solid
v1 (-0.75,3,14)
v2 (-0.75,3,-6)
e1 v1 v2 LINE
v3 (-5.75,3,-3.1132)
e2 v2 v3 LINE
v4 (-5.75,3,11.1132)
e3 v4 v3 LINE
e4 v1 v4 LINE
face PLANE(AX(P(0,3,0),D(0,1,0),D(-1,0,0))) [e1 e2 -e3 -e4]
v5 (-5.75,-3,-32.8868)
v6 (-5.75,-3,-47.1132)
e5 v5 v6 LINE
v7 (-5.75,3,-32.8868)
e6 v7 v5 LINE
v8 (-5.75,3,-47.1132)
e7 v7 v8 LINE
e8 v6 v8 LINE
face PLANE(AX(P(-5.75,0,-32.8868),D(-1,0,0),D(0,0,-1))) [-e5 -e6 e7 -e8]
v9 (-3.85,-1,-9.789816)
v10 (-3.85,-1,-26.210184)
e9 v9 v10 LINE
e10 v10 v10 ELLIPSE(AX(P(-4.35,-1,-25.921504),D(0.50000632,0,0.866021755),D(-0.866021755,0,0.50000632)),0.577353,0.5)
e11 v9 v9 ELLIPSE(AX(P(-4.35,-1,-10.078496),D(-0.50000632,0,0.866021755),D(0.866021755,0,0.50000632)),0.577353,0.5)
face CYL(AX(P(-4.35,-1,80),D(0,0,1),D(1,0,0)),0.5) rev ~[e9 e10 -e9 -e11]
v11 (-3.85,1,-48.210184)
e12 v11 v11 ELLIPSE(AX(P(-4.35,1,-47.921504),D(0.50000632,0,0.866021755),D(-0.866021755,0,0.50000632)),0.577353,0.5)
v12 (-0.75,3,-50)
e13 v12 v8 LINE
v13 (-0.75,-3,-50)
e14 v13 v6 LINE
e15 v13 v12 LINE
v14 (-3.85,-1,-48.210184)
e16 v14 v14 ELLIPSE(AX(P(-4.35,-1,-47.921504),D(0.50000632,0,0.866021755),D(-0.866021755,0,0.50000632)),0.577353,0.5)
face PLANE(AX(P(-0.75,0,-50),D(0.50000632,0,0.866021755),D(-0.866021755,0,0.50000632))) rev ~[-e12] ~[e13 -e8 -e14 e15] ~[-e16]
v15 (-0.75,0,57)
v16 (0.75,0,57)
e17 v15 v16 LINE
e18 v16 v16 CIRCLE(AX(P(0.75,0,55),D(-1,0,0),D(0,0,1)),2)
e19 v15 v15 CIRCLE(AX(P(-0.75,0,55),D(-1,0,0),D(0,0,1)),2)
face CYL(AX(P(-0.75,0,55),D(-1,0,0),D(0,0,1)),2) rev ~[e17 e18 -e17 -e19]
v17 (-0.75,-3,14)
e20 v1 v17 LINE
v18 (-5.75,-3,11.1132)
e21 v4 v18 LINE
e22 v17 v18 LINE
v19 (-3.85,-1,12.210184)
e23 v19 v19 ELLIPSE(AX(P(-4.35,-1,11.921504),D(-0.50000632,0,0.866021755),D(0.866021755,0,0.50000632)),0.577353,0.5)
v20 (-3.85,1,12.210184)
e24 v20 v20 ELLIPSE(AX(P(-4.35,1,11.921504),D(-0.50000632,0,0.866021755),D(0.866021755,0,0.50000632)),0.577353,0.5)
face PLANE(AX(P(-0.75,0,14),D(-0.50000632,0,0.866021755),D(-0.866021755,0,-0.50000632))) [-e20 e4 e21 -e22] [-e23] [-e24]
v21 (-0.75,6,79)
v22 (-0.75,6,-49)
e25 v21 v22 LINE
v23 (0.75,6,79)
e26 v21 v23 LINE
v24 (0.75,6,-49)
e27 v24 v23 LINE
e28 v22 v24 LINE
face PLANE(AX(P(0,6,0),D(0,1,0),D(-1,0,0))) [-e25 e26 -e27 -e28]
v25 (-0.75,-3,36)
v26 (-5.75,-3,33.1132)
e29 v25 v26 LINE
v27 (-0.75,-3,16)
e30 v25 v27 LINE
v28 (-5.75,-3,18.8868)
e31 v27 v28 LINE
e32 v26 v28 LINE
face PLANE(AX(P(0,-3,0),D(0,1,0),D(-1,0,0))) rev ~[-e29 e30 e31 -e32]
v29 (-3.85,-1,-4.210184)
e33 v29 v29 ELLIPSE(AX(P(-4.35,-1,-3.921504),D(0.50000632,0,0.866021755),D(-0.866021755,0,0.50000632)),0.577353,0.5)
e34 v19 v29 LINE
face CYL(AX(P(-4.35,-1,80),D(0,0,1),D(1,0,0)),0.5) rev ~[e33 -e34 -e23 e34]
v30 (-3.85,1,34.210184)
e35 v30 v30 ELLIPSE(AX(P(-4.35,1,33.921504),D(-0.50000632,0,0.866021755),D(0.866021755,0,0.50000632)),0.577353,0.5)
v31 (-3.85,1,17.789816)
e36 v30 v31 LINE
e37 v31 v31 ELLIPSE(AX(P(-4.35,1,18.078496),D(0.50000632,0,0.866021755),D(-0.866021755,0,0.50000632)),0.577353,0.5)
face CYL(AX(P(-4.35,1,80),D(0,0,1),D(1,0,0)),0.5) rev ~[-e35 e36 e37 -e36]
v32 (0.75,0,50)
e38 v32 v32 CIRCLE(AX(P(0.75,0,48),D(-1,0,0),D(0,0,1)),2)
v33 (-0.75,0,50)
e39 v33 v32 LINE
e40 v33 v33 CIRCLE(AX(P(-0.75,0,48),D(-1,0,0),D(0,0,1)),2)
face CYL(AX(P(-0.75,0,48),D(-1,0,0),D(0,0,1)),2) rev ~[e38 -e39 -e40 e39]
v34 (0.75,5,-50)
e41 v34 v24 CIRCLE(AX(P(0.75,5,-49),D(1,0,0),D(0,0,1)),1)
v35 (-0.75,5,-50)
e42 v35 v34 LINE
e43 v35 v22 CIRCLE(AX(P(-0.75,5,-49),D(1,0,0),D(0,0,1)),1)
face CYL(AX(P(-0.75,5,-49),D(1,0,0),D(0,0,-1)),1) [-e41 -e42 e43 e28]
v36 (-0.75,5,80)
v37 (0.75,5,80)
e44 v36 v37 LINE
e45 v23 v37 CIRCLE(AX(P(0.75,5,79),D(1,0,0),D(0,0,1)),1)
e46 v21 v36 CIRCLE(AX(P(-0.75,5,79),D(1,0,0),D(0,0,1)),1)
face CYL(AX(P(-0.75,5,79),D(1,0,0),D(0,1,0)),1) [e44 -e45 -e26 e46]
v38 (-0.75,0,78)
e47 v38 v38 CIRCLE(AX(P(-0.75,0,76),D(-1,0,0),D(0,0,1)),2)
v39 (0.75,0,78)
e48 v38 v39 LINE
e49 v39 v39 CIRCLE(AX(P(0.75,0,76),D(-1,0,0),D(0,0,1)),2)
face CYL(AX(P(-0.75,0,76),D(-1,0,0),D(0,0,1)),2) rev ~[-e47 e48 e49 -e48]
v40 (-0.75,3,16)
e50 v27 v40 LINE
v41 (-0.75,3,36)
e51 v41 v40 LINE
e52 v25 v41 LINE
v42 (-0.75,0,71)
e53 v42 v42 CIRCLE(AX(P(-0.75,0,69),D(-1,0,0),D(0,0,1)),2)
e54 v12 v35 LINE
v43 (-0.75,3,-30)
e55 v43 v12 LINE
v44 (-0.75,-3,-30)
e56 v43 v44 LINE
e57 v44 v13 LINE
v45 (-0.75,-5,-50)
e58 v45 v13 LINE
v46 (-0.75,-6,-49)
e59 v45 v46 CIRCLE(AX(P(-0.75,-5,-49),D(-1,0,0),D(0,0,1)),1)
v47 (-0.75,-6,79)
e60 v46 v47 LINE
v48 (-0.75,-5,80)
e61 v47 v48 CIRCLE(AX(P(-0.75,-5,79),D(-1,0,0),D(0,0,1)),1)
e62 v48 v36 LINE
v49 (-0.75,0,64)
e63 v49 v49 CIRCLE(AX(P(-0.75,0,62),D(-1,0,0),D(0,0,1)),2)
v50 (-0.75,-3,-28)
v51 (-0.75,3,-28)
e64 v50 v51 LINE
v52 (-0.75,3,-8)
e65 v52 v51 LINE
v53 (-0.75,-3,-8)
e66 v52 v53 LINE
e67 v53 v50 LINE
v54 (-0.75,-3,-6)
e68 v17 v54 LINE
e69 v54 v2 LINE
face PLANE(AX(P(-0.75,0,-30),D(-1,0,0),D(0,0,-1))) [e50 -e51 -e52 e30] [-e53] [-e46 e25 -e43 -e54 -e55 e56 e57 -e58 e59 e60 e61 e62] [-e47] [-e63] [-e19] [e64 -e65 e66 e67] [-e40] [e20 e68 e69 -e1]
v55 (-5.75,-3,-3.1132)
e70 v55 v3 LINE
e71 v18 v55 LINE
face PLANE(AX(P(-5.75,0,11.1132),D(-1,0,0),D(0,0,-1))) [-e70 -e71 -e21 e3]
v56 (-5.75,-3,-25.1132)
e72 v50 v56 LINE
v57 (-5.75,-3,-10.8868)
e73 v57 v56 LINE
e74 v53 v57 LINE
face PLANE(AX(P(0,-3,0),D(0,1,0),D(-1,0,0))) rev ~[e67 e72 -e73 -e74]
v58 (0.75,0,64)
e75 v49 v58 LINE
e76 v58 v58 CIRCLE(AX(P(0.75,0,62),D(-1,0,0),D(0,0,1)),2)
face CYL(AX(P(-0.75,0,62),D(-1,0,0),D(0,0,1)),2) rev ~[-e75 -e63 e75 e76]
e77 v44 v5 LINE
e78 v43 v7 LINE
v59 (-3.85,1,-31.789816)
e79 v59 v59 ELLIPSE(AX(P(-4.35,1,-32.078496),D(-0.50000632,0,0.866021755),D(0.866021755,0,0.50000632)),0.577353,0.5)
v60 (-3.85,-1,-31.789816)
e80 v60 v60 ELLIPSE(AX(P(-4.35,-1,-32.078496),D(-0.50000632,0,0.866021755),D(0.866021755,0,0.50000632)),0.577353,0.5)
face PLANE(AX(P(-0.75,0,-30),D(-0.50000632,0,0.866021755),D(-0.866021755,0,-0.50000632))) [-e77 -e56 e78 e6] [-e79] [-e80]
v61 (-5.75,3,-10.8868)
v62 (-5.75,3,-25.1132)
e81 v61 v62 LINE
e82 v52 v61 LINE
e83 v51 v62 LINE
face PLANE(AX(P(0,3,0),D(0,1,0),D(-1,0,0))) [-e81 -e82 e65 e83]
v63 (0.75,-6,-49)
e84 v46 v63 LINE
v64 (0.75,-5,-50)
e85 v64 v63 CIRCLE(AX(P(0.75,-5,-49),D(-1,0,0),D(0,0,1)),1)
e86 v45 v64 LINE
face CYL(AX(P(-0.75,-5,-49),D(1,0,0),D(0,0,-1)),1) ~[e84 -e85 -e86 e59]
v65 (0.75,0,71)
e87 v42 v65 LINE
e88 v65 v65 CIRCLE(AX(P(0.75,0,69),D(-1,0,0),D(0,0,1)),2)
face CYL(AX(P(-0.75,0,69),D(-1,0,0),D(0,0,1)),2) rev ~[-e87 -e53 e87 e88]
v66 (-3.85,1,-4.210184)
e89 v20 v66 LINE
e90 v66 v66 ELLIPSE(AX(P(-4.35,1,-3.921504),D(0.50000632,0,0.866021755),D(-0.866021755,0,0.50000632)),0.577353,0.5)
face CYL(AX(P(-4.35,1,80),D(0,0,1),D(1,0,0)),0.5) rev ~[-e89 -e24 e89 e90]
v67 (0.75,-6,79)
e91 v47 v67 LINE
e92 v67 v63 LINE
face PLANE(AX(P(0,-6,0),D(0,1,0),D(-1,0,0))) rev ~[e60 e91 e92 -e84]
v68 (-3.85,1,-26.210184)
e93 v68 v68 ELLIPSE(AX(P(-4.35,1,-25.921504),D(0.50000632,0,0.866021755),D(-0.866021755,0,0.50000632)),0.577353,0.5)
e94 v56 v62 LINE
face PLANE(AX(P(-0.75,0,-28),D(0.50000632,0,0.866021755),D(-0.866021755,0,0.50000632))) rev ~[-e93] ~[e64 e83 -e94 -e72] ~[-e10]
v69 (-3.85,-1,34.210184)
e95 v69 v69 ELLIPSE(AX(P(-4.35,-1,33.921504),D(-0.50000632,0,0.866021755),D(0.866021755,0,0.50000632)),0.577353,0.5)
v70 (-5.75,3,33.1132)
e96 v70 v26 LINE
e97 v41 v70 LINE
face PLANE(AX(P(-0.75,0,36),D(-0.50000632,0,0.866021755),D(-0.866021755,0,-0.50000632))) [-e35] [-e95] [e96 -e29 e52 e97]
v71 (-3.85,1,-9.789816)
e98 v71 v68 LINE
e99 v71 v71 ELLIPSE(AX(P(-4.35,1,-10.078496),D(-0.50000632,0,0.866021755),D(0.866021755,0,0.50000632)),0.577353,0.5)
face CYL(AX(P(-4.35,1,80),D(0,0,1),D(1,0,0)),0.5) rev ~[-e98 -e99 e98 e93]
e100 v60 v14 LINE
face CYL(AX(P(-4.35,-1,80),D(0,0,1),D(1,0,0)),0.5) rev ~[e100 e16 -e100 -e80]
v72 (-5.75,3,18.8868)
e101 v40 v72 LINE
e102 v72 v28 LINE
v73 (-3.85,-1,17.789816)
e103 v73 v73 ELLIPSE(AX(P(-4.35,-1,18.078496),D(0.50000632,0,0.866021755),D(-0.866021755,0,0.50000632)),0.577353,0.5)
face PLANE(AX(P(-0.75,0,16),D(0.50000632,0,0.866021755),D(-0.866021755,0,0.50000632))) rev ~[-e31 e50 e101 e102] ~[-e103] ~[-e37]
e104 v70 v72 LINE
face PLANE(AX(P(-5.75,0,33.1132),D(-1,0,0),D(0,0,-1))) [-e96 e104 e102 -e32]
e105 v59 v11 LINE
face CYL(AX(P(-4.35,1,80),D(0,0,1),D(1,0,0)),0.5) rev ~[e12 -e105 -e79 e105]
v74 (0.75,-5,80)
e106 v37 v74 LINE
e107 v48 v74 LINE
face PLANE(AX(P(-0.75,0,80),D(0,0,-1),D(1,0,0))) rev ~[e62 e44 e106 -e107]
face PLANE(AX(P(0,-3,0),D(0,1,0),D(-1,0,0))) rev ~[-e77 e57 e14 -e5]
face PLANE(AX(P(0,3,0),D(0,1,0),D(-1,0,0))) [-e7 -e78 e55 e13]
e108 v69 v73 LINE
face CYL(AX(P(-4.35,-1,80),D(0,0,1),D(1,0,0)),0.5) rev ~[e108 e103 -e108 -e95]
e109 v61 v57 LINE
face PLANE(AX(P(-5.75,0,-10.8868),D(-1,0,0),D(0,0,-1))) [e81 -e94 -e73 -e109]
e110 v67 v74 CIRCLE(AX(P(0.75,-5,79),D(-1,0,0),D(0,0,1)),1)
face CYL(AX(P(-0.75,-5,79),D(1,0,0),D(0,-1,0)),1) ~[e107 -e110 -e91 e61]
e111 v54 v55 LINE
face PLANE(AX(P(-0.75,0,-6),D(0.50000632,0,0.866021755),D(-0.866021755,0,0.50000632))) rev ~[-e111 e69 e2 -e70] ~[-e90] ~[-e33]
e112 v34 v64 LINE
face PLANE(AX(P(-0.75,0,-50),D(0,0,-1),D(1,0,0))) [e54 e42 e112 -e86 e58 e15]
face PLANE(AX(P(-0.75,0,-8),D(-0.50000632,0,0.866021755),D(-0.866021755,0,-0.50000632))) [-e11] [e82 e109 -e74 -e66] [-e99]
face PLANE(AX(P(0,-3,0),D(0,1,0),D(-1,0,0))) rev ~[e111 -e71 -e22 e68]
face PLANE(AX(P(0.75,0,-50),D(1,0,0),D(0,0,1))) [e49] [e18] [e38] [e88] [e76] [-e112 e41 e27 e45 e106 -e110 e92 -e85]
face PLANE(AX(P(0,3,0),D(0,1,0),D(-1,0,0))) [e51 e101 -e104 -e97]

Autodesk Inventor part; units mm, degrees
ref_plane "YZ Plane" through (0, 0, 0) normal (1, 0, 0) x (0, 1, 0)
ref_plane "XZ Plane" through (0, 0, 0) normal (0, 1, 0) x (-1, 0, 0)
ref_plane "XY Plane" through (0, 0, 0) normal (0, 0, 1) x (1, 0, 0)
sketch "Sketch3" plane through (0, 0, 0) normal (0, 1, 0) x (-1, 0, 0)
  line L0 (0.75, -50) -> (-0.75, -50)
  line L1 (-0.75, -50) -> (-0.75, 50)
  line L2 (-0.75, 50) -> (0.75, 50)
  line L3 (0.75, 50) -> (0.75, -50)
  line L4 (0.75, -50) -> (-0.75, 50) construction
  line L5 (-0.75, -50) -> (0.75, 50) construction
  line L6 (0.75, -50) -> (0.75, -30)
  line L7 (0.75, -30) -> (5.75, -30)
  line L8 (5.75, -30) -> (5.75, -50)
  line L9 (5.75, -50) -> (0.75, -50)
  line L10 (0.75, -30) -> (6.2137, -30) construction
  line L11 (0.75, -50) -> (5.75, -47.1132)
  line L12 (0.75, -50) -> (6.5235, -50) construction
  line L13 (0.75, -30) -> (5.75, -32.8868)
  line L14 (0.75, -30) -> (5.6279, -30) construction
  line L15 (0.75, -28) -> (5.75, -25.1132)
  line L16 (5.75, -8) -> (5.75, -28)
  line L17 (0.75, -8) -> (5.75, -10.8868)
  line L18 (0.75, -6) -> (5.75, -3.1132)
  line L19 (5.75, 14) -> (5.75, -6)
  line L20 (0.75, 14) -> (5.75, 11.1132)
  line L21 (0.75, 16) -> (5.75, 18.8868)
  line L22 (5.75, 36) -> (5.75, 16)
  line L23 (0.75, 36) -> (5.75, 33.1132)
  line L24 (-0.75, 50) -> (0.75, 50)
  line L25 (0.75, 50) -> (0.75, 80)
  line L26 (0.75, 80) -> (-0.75, 80)
  line L27 (-0.75, 80) -> (-0.75, 50)
  line L28 (-1.5102, -55) -> (-1.5102, 40) construction
  line L29 (-0.5, 40) -> (-0.6183, 40) construction
  point P0 (0, 0)
  point P1 (0.75, 14)
  point P2 (0.75, -8)
  point P3 (0.75, -28)
  point P4 (-1.5102, -45.1132)
  point P5 (-1.5102, -34.8868)
  point P6 (-1.5102, -12.8868)
  point P7 (-1.5102, -23.1132)
  point P8 (-1.5102, 9.1132)
  point P9 (-1.5102, -1.1132)
  point P10 (-1.5102, 31.1132)
  point P11 (-1.5102, 20.8868)
  point P12 (5.75, 26)
  point P13 (5.75, 4)
  dimension "d17" = 1.5
  dimension "d18" = 100
  dimension "d19" = 20
  dimension "d20" = 5
  dimension "d22" = 30
  dimension "d23" = 30
  dimension "d26" = 22
  dimension "d35" = 1.5
  dimension "d36" = 30
  dimension "d61" = 95
  dimension "d62" = 2
  dimension "d63" = 2
  dimension "d66" = 22
  dimension "d74" = 22
  dimension "d75" = 130
extrude "Extrusion1" add sketch "Sketch3" along normal mid plane 12 contours L0 L1 L2 L3 | L27 L26 L25 L2
extrude "Extrusion2" add sketch "Sketch3" along normal mid plane 6 contours L3 L13 L8 L11 | L3 L17 L16 L15 | L23 L22 L21 L3 | L3 L20 L19 L18
sketch "Sketch4" plane through (-0.75, -6, 80) normal (-1, 0, 0) x (0, 0, 1)
  circle A0 centre (-32, 6) radius 2
  line L0 (-44, 9) -> (-44, 3) projected
  line L1 (-44, 6) -> (0, 6) construction
  line L2 (0, 12) -> (0, 0) construction
  circle A1 centre (-25, 6) radius 2
  circle A2 centre (-18, 6) radius 2
  circle A3 centre (-11, 6) radius 2
  circle A4 centre (-4, 6) radius 2
  point P0 (-80, 6)
  dimension "d37" = 4
  dimension "d38" = 12
  dimension "d41" = 7
extrude "Extrusion3" cut sketch "Sketch4" against normal blind 6
sketch "Sketch5" plane through (-0.75, 6, 80) normal (0, 0, 1) x (1, 0, 0)
  line L0 (-5, -9) -> (-5, -3) construction
  line L1 (0, -9) -> (0, -3) construction
  line L2 (-5, -9) -> (0, -9) construction
  line L3 (0, -9) -> (0, -3) construction
  line L4 (0, -3) -> (-5, -3) construction
  line L5 (-5, -3) -> (-5, -9) construction
  line L6 (0, -9) -> (-5, -3) construction
  line L7 (-5, -9) -> (0, -3) construction
  line L8 (-2.5, -6) -> (-3.6, -6) construction
  line L9 (-3.6, -6) -> (-3.6, -7) construction
  circle A0 centre (-3.6, -7) radius 0.5
  circle A1 centre (-3.6, -5) radius 0.5
  point P0 (0.75, -6)
  dimension "d48" = 6
  dimension "d49" = 1.1
  dimension "d58" = 1
  dimension "d59" = 1
extrude "Extrusion4" cut sketch "Sketch5" against normal blind 150
fillet "Fillet1" radius 1 4 edges at (0, 6, 80) (0, -6, 80) (0, -6, -50) (0, 6, -50)
sketch "Sketch6" plane through (-0.75, -3, -50) normal (0, 0, -1) x (-1, 0, 0)
  line L0 (-1.5, 1) -> (-1.5, 5) projected
  circle A0 centre (-1.5, 3) radius 1
  point P0 (-0.75, 3)
  point P1 (-2, 4)
  point P2 (-2, 2)
  dimension "d71" = 2
properties part number "actuator_bone_joint"
